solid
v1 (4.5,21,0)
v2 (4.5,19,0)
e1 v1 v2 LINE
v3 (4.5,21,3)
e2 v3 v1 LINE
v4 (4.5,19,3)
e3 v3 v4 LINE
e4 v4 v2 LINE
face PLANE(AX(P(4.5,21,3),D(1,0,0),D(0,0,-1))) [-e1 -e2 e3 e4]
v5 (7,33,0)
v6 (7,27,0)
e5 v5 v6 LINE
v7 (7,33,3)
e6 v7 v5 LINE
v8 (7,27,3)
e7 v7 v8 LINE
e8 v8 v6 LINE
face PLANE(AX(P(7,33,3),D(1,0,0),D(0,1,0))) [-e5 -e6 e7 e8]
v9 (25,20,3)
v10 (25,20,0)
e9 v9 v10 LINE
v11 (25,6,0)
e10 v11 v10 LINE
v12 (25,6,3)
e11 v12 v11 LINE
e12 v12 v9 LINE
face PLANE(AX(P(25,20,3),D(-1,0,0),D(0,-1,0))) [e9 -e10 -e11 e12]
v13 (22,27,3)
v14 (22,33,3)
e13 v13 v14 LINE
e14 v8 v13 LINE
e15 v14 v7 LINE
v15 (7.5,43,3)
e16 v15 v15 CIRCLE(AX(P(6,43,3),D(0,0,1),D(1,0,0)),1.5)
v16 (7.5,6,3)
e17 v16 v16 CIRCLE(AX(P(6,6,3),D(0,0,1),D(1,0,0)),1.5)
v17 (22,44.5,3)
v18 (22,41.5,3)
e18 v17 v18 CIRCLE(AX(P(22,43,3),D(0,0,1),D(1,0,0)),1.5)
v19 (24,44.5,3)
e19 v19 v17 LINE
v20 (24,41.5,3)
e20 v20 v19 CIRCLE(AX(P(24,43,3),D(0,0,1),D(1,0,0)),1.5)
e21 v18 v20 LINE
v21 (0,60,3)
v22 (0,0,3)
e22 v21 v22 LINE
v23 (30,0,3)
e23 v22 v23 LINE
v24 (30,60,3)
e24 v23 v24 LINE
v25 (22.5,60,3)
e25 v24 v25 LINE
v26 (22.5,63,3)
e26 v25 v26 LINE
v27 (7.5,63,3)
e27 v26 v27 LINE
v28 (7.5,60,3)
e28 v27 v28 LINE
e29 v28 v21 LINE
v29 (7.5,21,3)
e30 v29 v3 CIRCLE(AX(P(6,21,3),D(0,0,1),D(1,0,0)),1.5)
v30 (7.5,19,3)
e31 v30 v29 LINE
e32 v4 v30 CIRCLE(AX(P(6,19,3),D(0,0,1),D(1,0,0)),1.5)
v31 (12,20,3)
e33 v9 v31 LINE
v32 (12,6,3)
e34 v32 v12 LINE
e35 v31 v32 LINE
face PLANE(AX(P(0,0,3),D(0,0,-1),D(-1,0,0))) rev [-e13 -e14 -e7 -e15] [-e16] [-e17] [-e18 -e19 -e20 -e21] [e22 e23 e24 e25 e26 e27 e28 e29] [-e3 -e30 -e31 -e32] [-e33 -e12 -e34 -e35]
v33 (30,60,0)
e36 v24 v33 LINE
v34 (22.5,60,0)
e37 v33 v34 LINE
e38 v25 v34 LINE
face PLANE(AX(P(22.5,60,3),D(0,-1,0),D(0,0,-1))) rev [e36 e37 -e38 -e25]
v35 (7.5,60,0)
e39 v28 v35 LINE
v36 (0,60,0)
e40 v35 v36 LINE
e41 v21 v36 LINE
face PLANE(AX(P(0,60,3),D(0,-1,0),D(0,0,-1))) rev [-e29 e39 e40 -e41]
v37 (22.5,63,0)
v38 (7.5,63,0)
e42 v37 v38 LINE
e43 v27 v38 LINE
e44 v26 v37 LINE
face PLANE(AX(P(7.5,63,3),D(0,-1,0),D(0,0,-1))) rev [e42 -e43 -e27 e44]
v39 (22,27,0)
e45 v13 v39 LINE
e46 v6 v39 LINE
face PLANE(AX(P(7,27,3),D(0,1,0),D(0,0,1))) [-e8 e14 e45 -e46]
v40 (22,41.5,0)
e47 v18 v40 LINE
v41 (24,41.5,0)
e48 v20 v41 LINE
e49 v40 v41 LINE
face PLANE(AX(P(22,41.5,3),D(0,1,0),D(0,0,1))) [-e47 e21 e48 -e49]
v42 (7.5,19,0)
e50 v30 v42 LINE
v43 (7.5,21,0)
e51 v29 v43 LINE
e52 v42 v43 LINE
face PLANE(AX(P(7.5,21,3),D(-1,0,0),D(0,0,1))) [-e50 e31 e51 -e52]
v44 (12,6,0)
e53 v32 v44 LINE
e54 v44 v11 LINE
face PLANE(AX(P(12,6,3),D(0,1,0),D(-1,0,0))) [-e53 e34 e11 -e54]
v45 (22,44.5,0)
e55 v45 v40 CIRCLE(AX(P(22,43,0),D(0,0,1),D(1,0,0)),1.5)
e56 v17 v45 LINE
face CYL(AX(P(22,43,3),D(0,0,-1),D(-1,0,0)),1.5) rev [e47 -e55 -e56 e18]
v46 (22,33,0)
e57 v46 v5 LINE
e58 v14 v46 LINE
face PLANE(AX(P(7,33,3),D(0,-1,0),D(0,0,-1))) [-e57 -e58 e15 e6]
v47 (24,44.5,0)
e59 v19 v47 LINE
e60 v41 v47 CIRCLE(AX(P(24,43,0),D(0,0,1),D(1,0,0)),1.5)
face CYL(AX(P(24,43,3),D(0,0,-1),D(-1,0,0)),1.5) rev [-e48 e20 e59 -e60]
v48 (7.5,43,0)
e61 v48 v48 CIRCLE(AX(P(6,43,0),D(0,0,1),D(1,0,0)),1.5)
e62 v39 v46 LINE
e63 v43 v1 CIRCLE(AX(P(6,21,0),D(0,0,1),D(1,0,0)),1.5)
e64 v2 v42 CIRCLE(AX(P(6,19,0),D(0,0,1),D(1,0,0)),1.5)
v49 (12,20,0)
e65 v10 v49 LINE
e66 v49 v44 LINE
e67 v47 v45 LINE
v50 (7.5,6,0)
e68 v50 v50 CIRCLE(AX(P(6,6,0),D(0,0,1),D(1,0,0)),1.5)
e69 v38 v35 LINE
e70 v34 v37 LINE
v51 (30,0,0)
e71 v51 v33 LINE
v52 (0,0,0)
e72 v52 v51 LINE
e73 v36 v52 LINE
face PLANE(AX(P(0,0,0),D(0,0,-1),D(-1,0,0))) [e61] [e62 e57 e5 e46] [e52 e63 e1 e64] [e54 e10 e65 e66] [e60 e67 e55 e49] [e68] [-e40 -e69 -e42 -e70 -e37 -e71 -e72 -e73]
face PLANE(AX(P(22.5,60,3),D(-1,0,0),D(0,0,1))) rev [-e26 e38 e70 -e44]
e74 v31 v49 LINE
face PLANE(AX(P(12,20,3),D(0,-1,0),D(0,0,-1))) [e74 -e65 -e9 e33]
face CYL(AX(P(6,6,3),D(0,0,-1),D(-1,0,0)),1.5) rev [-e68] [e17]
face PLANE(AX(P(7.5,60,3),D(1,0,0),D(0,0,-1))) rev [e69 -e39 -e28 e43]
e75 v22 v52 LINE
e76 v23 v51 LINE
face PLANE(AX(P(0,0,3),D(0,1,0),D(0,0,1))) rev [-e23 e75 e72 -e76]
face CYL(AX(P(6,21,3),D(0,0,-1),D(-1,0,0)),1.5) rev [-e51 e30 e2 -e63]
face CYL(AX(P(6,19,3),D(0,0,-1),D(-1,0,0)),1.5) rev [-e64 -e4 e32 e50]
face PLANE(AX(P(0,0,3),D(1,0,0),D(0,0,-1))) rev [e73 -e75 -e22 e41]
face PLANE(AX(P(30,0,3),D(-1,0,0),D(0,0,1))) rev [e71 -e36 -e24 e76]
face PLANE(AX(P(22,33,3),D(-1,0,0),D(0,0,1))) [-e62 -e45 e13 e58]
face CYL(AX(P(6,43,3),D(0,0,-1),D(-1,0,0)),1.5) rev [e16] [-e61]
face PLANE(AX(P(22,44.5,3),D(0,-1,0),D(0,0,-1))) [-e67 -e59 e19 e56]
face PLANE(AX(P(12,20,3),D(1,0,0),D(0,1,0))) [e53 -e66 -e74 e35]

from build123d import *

# Parameters (mm, degrees)
SKETCH1_R           = 1.5
SKETCH1_W           = 13
SKETCH1_H           = 14
SKETCH1_W_2         = 15
SKETCH1_H_2         = 6
BOSS_EXTRUDE1_DEPTH = 3


with BuildPart() as part:
    # Sketch1 → Boss-Extrude1 (new body)
    with BuildSketch(Plane.XY):
        Polygon((0, 0), (30, 0), (30, 60), (22.5, 60), (22.5, 63), (7.5, 63), (7.5, 60), (0, 60), align=None)
        with Locations((6, 6)):
            Circle(SKETCH1_R, mode=Mode.SUBTRACT)
        with Locations((6, 43)):
            Circle(SKETCH1_R, mode=Mode.SUBTRACT)
        with Locations((18.5, 13)):
            Rectangle(SKETCH1_W, SKETCH1_H, mode=Mode.SUBTRACT)
        with Locations((14.5, 30)):
            Rectangle(SKETCH1_W_2, SKETCH1_H_2, mode=Mode.SUBTRACT)
        with BuildLine():
            Line((7.5, 21), (7.5, 19))
            ThreePointArc((7.5, 19), (6, 17.5), (4.5, 19))
            Line((4.5, 19), (4.5, 21))
            ThreePointArc((4.5, 21), (6, 22.5), (7.5, 21))
        make_face(mode=Mode.SUBTRACT)
        with BuildLine():
            Line((22, 44.5), (24, 44.5))
            ThreePointArc((24, 44.5), (25.5, 43), (24, 41.5))
            Line((24, 41.5), (22, 41.5))
            ThreePointArc((22, 41.5), (20.5, 43), (22, 44.5))
        make_face(mode=Mode.SUBTRACT)
    extrude(amount=BOSS_EXTRUDE1_DEPTH)


solid = part.part
